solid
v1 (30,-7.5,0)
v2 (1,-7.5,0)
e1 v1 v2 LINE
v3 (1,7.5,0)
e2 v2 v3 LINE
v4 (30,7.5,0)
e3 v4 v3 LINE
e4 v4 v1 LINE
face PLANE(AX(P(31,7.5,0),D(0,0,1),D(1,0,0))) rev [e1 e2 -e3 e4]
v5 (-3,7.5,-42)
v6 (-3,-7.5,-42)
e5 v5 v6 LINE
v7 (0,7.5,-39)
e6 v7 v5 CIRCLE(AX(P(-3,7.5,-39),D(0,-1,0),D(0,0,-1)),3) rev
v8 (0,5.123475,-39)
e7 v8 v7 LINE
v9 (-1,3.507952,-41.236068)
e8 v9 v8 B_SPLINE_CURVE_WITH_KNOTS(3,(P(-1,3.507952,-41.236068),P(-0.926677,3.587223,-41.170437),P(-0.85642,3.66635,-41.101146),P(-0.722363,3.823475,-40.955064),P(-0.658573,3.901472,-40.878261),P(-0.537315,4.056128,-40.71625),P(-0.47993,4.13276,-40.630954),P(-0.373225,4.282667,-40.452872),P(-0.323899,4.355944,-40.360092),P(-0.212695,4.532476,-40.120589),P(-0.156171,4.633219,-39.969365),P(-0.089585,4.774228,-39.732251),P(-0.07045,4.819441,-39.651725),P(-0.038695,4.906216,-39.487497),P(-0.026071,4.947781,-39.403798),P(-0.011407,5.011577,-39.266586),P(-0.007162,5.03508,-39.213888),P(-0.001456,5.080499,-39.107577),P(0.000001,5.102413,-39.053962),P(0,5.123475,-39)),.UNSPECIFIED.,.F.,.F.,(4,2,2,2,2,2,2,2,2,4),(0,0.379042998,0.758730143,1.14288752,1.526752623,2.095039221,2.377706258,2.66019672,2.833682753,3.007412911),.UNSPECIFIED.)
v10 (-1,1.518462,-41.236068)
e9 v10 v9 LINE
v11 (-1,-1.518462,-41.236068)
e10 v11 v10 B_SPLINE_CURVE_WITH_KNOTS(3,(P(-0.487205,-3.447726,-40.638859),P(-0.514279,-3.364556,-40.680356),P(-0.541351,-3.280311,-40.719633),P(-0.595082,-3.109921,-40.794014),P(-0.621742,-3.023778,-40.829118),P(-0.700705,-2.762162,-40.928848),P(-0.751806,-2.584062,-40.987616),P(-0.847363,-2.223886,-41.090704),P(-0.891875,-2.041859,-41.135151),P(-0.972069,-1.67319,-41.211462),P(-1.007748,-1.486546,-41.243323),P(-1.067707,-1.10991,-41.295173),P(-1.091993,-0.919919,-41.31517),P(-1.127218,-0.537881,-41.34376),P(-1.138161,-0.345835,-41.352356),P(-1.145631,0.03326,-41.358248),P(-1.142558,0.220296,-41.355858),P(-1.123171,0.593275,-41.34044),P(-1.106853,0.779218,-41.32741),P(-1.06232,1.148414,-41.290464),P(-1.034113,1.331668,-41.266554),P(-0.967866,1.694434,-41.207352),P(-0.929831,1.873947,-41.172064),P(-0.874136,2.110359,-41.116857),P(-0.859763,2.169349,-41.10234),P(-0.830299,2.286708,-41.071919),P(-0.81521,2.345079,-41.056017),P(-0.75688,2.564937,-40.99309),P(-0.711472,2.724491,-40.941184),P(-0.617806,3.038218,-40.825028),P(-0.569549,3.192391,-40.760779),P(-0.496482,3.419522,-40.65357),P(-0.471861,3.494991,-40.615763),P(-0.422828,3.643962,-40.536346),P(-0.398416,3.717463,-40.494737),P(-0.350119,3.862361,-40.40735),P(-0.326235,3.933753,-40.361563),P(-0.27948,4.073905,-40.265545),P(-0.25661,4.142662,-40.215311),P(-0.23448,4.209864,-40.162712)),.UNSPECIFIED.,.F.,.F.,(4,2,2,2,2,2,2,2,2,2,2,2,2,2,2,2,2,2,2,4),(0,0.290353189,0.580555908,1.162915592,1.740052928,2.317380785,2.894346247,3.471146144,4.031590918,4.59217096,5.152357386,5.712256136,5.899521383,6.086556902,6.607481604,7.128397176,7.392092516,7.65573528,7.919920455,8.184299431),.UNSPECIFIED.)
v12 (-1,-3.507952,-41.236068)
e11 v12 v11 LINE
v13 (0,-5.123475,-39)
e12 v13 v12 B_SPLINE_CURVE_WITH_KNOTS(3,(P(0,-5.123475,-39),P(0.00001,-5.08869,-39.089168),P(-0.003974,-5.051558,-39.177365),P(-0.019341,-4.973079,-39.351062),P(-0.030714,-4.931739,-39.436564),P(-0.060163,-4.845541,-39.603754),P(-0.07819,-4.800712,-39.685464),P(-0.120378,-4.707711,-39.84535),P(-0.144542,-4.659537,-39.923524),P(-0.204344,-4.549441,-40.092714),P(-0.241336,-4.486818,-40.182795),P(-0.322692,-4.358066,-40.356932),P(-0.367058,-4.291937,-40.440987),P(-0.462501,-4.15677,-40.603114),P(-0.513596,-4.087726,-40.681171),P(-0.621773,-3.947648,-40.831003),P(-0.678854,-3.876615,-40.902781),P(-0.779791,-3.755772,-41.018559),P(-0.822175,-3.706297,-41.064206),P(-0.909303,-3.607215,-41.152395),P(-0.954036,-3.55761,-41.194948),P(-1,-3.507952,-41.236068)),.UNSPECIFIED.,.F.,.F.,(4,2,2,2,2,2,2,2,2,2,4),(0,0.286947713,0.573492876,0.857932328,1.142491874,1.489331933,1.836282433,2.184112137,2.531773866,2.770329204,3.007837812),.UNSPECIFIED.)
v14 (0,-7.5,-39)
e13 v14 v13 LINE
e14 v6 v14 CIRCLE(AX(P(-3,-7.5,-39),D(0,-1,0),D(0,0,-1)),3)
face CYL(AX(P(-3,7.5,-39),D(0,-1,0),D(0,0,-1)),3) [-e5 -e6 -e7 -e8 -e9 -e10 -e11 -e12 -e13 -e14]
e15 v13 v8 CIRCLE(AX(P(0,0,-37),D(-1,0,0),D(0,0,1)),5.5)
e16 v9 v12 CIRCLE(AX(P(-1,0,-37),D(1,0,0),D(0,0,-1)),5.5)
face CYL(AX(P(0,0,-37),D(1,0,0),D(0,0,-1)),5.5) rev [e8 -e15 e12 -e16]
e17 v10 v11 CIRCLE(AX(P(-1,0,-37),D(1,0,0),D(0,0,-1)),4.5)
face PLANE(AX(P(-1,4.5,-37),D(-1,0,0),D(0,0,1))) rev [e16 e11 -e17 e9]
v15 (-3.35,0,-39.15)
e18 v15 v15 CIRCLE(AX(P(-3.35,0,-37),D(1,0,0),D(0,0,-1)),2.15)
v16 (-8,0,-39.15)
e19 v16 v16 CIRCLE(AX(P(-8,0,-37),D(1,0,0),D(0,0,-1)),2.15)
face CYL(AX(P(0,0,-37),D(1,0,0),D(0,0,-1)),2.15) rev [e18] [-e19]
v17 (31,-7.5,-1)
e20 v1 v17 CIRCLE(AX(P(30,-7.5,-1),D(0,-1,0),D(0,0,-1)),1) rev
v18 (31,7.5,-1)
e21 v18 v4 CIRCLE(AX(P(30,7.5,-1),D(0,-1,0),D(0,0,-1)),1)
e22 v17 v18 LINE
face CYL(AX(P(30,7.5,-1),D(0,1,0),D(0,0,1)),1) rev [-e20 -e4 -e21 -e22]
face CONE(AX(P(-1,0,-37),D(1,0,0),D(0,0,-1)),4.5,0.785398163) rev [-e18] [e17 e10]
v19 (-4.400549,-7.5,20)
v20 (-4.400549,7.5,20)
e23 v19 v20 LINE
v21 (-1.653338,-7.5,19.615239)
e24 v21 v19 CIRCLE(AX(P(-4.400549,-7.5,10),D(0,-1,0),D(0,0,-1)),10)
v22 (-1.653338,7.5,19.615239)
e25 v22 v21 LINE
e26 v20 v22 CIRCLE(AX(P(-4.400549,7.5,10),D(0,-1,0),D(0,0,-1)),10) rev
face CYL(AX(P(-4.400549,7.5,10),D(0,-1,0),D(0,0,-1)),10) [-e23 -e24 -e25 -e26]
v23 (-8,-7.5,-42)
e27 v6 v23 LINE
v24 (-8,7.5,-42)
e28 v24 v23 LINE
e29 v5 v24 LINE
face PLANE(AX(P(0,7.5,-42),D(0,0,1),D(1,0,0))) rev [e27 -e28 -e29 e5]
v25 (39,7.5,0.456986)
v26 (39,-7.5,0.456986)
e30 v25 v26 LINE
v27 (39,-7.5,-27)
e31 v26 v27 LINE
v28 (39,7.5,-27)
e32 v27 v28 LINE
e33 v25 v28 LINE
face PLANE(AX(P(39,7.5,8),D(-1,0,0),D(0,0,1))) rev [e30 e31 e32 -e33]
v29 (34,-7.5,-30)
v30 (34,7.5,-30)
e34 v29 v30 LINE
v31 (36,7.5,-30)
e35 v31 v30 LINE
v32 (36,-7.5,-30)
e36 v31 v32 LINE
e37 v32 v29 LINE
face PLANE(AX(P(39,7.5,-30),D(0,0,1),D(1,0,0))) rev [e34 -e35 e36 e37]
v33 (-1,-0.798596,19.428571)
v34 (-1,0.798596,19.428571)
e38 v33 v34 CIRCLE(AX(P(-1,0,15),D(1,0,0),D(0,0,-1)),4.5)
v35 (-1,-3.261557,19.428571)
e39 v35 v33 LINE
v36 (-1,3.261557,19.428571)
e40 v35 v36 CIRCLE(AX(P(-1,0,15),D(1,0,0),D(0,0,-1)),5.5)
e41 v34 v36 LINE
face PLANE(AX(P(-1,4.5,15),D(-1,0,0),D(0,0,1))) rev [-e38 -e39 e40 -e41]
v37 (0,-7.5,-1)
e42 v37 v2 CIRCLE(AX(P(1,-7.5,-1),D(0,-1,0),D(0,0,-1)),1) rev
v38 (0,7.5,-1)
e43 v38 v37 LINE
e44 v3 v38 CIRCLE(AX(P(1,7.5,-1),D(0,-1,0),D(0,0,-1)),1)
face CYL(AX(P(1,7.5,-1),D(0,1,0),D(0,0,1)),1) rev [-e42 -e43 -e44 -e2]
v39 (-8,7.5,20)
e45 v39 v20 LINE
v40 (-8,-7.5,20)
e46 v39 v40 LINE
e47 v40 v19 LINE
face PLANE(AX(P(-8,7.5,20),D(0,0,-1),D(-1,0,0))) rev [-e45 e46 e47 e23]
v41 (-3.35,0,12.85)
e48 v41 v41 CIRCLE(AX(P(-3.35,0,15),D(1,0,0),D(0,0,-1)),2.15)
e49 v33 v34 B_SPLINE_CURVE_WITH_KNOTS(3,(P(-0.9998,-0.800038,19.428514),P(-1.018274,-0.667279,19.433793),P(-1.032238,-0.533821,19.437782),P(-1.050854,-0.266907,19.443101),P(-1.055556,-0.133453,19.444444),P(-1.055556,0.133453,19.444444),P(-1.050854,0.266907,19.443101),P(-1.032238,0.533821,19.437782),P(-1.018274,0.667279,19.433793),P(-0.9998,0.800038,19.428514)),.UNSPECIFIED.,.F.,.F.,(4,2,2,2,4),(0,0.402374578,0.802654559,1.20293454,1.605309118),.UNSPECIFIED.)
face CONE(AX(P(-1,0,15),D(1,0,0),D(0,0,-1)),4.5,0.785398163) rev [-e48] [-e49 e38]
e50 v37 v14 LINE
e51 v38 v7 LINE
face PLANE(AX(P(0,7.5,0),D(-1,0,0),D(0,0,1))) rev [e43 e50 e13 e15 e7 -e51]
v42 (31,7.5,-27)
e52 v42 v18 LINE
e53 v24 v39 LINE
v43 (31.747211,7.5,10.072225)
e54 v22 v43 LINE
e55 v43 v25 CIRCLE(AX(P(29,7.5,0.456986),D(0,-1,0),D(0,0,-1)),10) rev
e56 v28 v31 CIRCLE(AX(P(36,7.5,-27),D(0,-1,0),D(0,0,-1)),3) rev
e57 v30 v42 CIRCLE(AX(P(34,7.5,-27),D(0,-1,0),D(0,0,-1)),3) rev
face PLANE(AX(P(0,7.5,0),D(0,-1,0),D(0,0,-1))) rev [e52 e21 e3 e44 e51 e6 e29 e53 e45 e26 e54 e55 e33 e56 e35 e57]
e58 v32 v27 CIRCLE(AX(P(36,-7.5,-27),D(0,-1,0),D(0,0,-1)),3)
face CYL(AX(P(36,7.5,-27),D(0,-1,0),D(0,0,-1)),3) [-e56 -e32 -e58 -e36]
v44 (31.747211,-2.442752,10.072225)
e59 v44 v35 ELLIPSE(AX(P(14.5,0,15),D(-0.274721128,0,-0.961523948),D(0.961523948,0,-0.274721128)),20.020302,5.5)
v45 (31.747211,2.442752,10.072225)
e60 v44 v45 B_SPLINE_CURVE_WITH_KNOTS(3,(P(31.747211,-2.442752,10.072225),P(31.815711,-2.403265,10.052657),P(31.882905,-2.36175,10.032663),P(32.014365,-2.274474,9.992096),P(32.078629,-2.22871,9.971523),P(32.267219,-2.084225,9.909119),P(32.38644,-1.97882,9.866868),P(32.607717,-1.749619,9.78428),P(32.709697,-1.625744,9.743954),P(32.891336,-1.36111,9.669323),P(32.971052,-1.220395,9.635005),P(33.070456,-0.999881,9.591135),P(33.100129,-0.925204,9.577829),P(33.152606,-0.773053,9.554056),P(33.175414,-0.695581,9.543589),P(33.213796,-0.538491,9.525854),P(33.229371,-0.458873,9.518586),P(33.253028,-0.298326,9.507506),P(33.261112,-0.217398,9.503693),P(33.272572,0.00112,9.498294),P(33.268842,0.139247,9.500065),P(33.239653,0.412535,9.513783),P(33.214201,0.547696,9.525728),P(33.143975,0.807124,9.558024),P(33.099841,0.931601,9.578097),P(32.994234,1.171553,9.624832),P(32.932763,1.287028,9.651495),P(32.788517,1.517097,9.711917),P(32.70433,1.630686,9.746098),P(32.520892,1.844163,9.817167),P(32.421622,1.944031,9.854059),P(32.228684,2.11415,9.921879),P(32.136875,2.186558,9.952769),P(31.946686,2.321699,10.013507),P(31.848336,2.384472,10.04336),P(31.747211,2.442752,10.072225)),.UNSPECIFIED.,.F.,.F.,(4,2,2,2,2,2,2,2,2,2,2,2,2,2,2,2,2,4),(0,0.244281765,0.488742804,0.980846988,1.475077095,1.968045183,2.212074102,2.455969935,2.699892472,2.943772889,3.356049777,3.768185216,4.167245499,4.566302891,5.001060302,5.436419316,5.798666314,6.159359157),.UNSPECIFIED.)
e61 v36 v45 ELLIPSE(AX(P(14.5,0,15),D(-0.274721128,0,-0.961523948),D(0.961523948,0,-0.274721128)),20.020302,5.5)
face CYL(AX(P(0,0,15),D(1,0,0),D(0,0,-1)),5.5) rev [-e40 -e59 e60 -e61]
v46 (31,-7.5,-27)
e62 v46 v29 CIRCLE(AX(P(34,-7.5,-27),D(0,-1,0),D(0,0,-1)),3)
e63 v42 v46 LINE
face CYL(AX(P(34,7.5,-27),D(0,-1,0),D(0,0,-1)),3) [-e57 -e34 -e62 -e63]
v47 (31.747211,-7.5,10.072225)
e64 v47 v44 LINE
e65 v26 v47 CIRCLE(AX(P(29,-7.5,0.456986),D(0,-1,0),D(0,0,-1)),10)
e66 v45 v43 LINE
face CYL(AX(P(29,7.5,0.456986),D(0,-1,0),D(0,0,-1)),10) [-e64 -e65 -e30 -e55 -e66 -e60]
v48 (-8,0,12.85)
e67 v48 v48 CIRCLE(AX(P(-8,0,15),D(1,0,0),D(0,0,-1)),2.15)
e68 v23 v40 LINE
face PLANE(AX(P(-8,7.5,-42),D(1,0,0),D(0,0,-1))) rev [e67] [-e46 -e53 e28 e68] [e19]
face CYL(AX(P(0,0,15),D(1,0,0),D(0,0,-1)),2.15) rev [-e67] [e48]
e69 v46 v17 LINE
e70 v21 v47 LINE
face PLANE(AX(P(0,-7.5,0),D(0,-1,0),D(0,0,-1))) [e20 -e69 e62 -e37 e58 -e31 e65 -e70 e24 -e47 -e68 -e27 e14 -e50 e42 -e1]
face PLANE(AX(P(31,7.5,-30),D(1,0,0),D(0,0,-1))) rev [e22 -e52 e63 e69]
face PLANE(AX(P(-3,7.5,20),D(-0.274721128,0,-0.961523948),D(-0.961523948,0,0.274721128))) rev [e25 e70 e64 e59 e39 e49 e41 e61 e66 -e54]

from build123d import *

# Parameters (mm, degrees)
BOSS_EXTRU_1_DEPTH                           = 7.5
CONG_1_R                                     = 1
CONG_2_R                                     = 10
CONG_3_R                                     = 3
CHAMBRAGE_POUR_VIS_T_TE_CYLINDRIQUE_AT_COUNT = 2
CHAMBRAGE_POUR_VIS_T_TE_CYLINDRIQUE_AT_PITCH = 52


with BuildPart() as part:
    # Esquisse1 → Boss.-Extru.1 (new, symmetric)
    with BuildSketch(Plane(origin=(0, 0, 0), x_dir=(1, 0, 0), z_dir=(0, 1, 0))):
        Polygon((0, 0), (0, 42), (-8, 42), (-8, -20), (-3, -20), (39, -8), (39, 30), (31, 30), (31, 0), align=None)
    extrude(amount=BOSS_EXTRU_1_DEPTH, both=True)

    # Congé1
    cong_1_edges = [part.edges().sort_by_distance(p)[0] for p in [
        (31, 0, 0),
        (0, 0, 0),
    ]]
    fillet(cong_1_edges, radius=CONG_1_R)

    # Congé2
    cong_2_edges = [part.edges().sort_by_distance(p)[0] for p in [
        (39, 0, 8),
        (-3, 0, 20),
    ]]
    fillet(cong_2_edges, radius=CONG_2_R)

    # Congé3
    cong_3_edges = [part.edges().sort_by_distance(p)[0] for p in [
        (31, 0, -30),
        (39, 0, -30),
        (0, 0, -42),
    ]]
    fillet(cong_3_edges, radius=CONG_3_R)

    # Esquisse2 → Chambrage pour vis à tête cylindrique à 6 pans creux (ou vis CHC) M41 (revolve, cut)
    with BuildSketch(Plane(origin=(0, 0, -37), x_dir=(0, 0, -1), z_dir=(0, 1, 0))):
        Polygon((0, 0), (0, 8), (2.15, 8), (2.15, 3.35), (4.5, 1), (5.5, 1), (5.5, 0), (5.5, -39), (0, -39), align=None)
    chambrage_pour_vis_t_te_cylindrique = revolve(axis=Axis((6.35, 0, -37), (-1, 0, 0)), mode=Mode.SUBTRACT)

    # Chambrage pour vis à tête cylindrique à 6 pans creux (ou vis CHC) M41 at: Chambrage pour vis à tête cylindrique à 6 pans creux (ou vis CHC) M41 ×2
    with Locations(*[(0, 0, i * CHAMBRAGE_POUR_VIS_T_TE_CYLINDRIQUE_AT_PITCH) for i in range(1, CHAMBRAGE_POUR_VIS_T_TE_CYLINDRIQUE_AT_COUNT)]):
        add(chambrage_pour_vis_t_te_cylindrique, mode=Mode.SUBTRACT)


solid = part.part
